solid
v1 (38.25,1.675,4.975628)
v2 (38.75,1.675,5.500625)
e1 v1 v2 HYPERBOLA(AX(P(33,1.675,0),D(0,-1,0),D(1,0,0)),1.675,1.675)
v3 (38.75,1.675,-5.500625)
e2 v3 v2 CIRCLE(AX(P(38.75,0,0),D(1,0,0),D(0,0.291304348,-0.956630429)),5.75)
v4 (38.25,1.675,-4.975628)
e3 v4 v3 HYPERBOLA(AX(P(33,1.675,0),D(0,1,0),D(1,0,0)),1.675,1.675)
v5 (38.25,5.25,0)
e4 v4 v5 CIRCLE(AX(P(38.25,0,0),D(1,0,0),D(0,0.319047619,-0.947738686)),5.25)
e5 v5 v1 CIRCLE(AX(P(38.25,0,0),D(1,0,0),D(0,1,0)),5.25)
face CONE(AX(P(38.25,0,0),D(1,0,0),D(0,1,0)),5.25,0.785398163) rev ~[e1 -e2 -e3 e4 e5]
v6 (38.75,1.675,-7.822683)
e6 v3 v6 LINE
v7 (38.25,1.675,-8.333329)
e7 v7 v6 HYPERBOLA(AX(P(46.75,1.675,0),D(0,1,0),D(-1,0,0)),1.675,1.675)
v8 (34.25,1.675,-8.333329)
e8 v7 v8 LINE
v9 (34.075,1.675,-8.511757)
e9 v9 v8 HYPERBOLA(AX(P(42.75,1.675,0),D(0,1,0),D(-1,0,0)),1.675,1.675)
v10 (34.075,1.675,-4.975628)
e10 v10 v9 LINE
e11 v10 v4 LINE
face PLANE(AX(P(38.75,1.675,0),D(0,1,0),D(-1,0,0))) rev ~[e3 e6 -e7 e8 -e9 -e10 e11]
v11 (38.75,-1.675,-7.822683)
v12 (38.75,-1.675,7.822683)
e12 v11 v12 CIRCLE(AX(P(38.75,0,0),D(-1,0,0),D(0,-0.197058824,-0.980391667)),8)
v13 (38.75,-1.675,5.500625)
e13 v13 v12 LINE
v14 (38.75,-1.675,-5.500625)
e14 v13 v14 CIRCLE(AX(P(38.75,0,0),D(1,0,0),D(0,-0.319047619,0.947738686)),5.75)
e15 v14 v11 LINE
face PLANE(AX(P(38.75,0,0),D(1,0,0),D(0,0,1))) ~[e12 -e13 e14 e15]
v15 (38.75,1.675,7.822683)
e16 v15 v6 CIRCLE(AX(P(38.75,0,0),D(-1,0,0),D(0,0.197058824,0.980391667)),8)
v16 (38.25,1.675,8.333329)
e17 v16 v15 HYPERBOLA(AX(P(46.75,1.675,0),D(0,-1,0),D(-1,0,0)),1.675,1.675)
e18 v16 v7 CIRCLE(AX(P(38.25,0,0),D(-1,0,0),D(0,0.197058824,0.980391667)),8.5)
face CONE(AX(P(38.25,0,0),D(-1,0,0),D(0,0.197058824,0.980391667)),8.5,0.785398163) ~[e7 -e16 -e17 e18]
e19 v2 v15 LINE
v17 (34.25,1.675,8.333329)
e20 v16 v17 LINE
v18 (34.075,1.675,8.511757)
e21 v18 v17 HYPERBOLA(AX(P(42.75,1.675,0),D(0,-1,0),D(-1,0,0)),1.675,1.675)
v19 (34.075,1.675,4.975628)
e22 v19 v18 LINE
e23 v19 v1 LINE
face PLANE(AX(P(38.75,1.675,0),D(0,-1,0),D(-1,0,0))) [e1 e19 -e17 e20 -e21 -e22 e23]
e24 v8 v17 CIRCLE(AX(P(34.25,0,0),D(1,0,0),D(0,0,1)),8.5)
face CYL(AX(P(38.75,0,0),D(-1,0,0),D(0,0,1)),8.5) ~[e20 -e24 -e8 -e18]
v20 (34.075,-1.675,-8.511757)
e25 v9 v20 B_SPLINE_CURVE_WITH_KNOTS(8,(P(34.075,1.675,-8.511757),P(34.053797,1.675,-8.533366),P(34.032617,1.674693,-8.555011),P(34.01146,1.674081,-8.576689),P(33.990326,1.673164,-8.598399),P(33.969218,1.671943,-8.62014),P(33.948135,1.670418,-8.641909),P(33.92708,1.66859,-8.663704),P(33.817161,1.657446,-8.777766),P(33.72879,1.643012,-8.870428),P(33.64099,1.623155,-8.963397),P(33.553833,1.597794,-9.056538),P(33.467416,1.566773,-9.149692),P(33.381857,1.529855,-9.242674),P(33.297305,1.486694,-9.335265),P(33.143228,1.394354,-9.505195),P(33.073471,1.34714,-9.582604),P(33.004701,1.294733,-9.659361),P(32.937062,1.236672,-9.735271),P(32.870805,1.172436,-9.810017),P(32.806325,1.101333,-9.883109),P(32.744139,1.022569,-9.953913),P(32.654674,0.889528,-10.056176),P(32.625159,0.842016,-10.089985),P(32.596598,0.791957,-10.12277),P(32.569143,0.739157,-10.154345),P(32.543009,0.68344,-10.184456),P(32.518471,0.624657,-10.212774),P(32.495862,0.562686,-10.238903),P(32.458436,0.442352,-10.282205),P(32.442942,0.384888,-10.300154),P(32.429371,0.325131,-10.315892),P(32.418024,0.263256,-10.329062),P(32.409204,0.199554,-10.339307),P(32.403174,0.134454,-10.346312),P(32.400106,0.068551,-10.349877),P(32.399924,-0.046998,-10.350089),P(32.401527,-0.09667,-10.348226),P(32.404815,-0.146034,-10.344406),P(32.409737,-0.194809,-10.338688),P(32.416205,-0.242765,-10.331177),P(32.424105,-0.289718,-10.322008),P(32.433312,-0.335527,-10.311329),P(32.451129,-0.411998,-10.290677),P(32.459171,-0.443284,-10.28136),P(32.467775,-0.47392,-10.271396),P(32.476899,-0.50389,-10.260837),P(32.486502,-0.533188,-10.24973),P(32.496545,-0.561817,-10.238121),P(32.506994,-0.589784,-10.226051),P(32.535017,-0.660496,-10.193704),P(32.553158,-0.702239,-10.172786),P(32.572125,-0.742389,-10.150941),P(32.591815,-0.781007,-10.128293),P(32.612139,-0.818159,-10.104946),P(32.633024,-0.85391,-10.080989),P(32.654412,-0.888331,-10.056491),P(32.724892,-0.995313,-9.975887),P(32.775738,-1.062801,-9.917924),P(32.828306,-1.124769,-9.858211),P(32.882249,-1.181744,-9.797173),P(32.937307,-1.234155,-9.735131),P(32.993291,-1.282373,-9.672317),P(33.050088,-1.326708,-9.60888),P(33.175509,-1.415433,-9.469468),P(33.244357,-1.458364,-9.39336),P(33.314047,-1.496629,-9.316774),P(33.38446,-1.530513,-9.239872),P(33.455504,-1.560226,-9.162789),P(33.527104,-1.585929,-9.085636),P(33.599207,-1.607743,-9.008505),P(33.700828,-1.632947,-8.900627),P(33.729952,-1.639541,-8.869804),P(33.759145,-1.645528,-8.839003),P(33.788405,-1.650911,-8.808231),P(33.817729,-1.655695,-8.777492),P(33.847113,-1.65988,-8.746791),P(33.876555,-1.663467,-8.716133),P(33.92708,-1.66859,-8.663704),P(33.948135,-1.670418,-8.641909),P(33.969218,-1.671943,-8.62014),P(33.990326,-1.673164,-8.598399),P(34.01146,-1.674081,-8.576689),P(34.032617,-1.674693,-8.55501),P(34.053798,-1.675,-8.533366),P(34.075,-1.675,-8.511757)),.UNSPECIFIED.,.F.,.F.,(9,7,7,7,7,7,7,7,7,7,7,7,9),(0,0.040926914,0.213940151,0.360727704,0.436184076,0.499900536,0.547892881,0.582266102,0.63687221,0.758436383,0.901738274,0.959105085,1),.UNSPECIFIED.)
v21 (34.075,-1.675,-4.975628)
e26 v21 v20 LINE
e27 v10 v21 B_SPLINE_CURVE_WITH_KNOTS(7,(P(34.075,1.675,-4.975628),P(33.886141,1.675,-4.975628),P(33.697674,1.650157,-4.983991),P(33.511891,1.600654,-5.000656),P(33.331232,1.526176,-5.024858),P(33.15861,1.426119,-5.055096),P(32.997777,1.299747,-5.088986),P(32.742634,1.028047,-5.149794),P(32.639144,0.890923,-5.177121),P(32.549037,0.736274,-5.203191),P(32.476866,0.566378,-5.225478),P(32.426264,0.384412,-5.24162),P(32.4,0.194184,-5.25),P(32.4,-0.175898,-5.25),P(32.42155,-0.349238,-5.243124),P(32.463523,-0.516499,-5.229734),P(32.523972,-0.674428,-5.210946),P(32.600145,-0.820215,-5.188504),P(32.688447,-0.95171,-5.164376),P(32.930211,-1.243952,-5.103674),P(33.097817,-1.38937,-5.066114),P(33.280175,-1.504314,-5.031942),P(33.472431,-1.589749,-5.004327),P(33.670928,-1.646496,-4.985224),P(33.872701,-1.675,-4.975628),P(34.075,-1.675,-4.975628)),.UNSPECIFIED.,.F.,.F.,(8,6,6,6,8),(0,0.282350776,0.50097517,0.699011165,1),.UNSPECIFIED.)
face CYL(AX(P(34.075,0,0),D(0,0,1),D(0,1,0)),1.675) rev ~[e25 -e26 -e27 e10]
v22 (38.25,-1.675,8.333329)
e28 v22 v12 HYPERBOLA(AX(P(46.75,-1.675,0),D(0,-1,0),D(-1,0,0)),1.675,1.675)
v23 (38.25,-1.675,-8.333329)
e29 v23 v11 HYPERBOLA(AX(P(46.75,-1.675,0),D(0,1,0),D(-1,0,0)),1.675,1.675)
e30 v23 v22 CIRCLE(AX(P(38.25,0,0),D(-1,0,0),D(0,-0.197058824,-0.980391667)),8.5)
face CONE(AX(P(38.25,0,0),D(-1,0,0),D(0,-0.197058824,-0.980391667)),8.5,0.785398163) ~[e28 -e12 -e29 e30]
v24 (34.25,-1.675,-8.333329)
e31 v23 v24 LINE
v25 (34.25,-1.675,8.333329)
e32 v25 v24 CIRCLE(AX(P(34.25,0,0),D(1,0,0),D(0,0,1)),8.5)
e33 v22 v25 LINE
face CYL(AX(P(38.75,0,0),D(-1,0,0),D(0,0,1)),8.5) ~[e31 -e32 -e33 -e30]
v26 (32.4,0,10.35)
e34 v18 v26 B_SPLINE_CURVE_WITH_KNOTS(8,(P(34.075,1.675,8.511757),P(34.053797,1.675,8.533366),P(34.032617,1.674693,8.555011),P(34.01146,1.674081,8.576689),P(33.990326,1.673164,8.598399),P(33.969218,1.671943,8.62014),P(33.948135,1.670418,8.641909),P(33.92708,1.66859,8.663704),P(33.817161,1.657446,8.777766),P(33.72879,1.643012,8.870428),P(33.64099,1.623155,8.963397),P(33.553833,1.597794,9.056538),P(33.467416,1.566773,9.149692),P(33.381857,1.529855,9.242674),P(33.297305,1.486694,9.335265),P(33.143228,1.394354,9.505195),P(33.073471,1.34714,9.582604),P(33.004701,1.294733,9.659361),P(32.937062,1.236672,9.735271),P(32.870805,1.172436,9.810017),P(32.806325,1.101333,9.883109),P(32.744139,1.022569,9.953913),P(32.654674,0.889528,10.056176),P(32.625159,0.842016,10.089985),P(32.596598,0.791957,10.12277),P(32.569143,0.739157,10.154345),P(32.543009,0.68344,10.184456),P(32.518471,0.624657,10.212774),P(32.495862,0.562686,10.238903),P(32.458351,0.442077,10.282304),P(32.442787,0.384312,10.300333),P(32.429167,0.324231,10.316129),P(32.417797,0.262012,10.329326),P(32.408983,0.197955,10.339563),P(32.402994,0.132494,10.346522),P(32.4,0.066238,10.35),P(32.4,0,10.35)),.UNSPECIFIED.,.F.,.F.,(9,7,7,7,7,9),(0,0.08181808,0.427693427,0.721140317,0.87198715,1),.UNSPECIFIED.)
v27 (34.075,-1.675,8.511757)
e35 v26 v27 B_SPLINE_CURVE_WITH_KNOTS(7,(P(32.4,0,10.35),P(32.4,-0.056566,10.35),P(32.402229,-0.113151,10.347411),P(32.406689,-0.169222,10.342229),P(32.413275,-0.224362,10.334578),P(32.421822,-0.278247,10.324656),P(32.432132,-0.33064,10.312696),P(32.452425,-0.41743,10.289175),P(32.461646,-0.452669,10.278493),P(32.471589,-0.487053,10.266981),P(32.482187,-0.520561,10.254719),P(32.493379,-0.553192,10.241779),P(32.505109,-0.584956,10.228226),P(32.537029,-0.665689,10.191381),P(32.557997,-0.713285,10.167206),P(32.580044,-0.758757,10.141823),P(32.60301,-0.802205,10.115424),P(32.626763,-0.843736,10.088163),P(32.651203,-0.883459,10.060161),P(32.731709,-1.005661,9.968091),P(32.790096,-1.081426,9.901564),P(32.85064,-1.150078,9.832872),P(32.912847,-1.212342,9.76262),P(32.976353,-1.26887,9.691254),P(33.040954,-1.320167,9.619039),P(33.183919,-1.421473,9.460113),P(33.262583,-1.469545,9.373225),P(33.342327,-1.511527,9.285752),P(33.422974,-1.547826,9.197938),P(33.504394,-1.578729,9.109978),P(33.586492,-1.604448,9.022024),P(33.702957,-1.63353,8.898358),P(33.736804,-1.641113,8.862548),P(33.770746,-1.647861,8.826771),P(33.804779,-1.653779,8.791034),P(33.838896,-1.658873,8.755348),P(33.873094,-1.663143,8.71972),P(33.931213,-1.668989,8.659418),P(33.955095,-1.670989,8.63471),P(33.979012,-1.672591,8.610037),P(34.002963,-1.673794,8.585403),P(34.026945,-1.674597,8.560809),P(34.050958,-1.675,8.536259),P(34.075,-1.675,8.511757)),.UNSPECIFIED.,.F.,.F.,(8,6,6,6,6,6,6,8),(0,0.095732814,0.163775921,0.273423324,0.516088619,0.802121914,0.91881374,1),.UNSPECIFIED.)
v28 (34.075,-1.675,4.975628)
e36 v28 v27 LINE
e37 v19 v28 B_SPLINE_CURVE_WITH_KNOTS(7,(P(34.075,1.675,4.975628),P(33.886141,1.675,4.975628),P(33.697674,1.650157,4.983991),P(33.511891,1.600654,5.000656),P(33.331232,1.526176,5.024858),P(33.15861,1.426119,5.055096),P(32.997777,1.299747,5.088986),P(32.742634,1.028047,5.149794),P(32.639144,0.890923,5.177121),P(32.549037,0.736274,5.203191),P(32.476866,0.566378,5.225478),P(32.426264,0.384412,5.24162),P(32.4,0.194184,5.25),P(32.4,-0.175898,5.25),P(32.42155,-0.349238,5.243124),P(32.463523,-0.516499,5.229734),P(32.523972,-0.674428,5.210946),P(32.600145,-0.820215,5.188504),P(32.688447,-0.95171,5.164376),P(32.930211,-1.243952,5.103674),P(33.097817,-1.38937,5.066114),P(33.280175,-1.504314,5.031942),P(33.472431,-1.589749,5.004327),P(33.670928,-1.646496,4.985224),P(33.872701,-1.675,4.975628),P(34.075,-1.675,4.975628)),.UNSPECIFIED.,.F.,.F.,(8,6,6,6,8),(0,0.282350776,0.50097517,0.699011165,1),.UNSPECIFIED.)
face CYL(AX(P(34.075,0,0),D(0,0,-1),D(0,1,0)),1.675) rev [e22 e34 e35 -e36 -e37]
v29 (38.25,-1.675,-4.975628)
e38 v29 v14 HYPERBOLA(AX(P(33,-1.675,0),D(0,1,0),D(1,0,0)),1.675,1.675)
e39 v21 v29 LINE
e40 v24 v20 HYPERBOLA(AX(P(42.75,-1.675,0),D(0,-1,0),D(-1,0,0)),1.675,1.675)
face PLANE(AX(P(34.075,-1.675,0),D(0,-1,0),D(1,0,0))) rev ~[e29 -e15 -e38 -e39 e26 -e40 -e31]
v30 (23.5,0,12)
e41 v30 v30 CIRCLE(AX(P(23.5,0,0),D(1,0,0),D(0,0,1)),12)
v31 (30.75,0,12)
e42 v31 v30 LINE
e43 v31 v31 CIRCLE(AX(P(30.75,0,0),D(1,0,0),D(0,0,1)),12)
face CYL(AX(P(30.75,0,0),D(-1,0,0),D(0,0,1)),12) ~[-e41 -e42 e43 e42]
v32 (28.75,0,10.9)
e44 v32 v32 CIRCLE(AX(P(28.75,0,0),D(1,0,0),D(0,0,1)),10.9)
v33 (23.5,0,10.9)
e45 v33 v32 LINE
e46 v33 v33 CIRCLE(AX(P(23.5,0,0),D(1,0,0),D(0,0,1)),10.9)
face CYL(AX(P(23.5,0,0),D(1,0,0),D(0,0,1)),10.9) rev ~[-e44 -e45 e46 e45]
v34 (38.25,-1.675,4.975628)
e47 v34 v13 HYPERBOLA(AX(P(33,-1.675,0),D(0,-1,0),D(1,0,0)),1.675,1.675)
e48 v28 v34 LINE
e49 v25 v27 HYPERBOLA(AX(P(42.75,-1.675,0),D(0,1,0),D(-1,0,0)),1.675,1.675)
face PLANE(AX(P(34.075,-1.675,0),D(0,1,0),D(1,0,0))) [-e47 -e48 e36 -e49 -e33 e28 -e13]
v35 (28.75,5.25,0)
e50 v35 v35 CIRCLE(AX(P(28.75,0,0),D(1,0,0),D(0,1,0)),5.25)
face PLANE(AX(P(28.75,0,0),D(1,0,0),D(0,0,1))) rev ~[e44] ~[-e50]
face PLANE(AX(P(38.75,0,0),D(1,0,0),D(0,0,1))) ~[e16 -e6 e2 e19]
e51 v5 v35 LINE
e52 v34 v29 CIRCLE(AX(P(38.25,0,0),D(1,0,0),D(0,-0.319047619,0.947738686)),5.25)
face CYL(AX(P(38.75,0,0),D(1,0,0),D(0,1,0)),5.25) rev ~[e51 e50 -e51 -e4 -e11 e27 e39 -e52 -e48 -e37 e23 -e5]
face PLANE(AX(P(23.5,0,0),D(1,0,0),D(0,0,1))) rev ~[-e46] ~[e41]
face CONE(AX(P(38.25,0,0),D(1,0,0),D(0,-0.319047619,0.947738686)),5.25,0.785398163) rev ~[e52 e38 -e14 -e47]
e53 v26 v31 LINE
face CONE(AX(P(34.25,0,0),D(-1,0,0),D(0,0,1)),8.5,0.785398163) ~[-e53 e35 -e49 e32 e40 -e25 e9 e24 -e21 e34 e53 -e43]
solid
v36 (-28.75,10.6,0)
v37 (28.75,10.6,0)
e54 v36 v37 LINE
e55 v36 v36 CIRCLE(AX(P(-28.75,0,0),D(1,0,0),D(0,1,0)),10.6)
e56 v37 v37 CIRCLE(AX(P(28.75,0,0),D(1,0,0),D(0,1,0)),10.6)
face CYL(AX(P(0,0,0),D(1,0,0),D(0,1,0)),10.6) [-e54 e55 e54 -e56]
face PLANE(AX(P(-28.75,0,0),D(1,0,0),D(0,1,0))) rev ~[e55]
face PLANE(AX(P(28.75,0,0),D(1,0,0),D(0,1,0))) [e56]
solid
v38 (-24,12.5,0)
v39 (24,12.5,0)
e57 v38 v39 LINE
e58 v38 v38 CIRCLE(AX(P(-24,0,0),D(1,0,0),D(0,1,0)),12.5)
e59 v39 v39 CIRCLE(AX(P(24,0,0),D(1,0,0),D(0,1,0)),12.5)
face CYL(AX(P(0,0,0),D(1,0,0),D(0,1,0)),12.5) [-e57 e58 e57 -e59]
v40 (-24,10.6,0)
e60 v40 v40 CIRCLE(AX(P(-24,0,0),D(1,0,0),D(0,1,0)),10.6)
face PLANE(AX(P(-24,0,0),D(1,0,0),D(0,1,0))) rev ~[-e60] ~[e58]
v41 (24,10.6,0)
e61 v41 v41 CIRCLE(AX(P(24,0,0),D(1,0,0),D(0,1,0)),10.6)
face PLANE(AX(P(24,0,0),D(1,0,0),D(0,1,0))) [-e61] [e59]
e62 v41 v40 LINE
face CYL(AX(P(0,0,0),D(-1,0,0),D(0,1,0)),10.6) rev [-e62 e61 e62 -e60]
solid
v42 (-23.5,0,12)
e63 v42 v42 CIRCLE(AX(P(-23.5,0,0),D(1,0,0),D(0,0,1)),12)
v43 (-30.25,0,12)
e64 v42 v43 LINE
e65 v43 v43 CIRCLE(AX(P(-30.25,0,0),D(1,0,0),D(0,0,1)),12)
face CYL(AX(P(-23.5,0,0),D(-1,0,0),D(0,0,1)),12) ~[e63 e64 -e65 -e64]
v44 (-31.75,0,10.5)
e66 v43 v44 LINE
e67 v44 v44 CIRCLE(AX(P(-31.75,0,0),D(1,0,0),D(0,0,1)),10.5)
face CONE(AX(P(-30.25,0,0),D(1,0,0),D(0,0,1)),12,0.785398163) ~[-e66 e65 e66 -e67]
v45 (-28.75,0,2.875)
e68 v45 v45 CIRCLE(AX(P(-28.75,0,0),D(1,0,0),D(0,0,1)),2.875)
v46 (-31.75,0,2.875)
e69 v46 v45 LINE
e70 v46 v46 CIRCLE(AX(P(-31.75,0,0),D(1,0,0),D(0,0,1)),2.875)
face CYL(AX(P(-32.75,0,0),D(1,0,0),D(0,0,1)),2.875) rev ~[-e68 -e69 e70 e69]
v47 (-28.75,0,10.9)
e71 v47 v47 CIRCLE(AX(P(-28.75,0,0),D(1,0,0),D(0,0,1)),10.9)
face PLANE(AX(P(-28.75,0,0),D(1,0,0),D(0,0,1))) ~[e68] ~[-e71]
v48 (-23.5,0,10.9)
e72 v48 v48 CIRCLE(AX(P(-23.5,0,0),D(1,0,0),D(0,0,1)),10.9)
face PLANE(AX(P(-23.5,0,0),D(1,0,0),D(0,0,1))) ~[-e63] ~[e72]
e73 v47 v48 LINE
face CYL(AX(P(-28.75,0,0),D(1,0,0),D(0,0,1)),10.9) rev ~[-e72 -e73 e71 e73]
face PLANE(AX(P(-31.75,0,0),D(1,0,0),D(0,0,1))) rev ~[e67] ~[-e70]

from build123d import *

# Parameters (mm, degrees)
F0_R           = 10.6
F1_DEPTH       = 28.75
F2_R           = 12.5
F2_R_2         = 10.6
F3_DEPTH       = 24
F6_SIZE        = 1.5
F7_R           = 4
F8_DEPTH       = 1
F9_R           = 5.25
F10_DEPTH      = 25
F12_DEPTH      = 12.501
F12_DEPTH_BACK = 12.501
F13_SIZE       = 0.5


with BuildPart() as f1:
    # F0 (on Right) → F1 (new body, symmetric)
    with BuildSketch(Plane.YZ):
        Circle(F0_R)
    extrude(amount=F1_DEPTH, both=True)


with BuildPart() as f3:
    # F2 (on Right) → F3 (new body, symmetric)
    with BuildSketch(Plane.YZ):
        Circle(F2_R)
        Circle(F2_R_2, mode=Mode.SUBTRACT)
    extrude(amount=F3_DEPTH, both=True)


with BuildPart() as f5:
    # F4 (on Front) → F5 (revolve)
    with BuildSketch(Plane.XZ):
        Polygon((30.75, 12), (23.5, 12), (23.5, 10.9), (28.75, 10.9), (28.75, 0), (38.75, 0), (38.75, 8.5), (34.25, 8.5), align=None)
    revolve(axis=Axis((0, 0, 0), (1, 0, 0)))

    # F9 (on face) → F10 (cut)
    with BuildSketch(Plane.YZ.offset(38.75)):
        Circle(F9_R)
    extrude(amount=-F10_DEPTH, mode=Mode.SUBTRACT)

    # F11 (on Top) → F12 (cut, two sides)
    with BuildSketch(Plane.XY) as f12_sk:
        with BuildLine():
            Line((38.75, 1.675), (34.075, 1.675))
            ThreePointArc((34.075, 1.675), (32.4, 0), (34.075, -1.675))
            Line((34.075, -1.675), (38.75, -1.675))
            Line((38.75, -1.675), (38.75, 1.675))
        make_face()
    extrude(amount=-F12_DEPTH, mode=Mode.SUBTRACT)
    extrude(f12_sk.sketch, amount=F12_DEPTH_BACK, mode=Mode.SUBTRACT)

    # F13
    f13_edges = [f5.edges().sort_by_distance(p)[0] for p in [
        (38.75, 8.5, 0),
        (38.75, -8.5, 0),
        (38.75, -5.25, 0),
        (38.75, 4.263581, 3.063393),
        (38.75, 4.263581, -3.063393),
    ]]
    chamfer(f13_edges, length=F13_SIZE)


with BuildPart() as f5b:
    # F4 (on Front) → F5, piece 2 (revolve)
    with BuildSketch(Plane.XZ):
        Polygon((-23.5, 10.9), (-23.5, 12), (-31.75, 12), (-31.75, 4), (-32.75, 4), (-32.75, 2.875), (-28.75, 2.875), (-28.75, 10.9), align=None)
    revolve(axis=Axis((0, 0, 0), (1, 0, 0)))

    # F6
    f6_edges = [f5b.edges().sort_by_distance(p)[0] for p in [
        (-31.75, 0, -12),
    ]]
    chamfer(f6_edges, length=F6_SIZE)

    # F7 (on face) → F8 (cut, through all)
    with BuildSketch(Plane(origin=(-32.75, 0, 0), x_dir=(0, -1, 0), z_dir=(-1, 0, 0))):
        Circle(F7_R)
    extrude(amount=-F8_DEPTH, mode=Mode.SUBTRACT)


solid = Compound([f1.part, f3.part, f5.part, f5b.part])
